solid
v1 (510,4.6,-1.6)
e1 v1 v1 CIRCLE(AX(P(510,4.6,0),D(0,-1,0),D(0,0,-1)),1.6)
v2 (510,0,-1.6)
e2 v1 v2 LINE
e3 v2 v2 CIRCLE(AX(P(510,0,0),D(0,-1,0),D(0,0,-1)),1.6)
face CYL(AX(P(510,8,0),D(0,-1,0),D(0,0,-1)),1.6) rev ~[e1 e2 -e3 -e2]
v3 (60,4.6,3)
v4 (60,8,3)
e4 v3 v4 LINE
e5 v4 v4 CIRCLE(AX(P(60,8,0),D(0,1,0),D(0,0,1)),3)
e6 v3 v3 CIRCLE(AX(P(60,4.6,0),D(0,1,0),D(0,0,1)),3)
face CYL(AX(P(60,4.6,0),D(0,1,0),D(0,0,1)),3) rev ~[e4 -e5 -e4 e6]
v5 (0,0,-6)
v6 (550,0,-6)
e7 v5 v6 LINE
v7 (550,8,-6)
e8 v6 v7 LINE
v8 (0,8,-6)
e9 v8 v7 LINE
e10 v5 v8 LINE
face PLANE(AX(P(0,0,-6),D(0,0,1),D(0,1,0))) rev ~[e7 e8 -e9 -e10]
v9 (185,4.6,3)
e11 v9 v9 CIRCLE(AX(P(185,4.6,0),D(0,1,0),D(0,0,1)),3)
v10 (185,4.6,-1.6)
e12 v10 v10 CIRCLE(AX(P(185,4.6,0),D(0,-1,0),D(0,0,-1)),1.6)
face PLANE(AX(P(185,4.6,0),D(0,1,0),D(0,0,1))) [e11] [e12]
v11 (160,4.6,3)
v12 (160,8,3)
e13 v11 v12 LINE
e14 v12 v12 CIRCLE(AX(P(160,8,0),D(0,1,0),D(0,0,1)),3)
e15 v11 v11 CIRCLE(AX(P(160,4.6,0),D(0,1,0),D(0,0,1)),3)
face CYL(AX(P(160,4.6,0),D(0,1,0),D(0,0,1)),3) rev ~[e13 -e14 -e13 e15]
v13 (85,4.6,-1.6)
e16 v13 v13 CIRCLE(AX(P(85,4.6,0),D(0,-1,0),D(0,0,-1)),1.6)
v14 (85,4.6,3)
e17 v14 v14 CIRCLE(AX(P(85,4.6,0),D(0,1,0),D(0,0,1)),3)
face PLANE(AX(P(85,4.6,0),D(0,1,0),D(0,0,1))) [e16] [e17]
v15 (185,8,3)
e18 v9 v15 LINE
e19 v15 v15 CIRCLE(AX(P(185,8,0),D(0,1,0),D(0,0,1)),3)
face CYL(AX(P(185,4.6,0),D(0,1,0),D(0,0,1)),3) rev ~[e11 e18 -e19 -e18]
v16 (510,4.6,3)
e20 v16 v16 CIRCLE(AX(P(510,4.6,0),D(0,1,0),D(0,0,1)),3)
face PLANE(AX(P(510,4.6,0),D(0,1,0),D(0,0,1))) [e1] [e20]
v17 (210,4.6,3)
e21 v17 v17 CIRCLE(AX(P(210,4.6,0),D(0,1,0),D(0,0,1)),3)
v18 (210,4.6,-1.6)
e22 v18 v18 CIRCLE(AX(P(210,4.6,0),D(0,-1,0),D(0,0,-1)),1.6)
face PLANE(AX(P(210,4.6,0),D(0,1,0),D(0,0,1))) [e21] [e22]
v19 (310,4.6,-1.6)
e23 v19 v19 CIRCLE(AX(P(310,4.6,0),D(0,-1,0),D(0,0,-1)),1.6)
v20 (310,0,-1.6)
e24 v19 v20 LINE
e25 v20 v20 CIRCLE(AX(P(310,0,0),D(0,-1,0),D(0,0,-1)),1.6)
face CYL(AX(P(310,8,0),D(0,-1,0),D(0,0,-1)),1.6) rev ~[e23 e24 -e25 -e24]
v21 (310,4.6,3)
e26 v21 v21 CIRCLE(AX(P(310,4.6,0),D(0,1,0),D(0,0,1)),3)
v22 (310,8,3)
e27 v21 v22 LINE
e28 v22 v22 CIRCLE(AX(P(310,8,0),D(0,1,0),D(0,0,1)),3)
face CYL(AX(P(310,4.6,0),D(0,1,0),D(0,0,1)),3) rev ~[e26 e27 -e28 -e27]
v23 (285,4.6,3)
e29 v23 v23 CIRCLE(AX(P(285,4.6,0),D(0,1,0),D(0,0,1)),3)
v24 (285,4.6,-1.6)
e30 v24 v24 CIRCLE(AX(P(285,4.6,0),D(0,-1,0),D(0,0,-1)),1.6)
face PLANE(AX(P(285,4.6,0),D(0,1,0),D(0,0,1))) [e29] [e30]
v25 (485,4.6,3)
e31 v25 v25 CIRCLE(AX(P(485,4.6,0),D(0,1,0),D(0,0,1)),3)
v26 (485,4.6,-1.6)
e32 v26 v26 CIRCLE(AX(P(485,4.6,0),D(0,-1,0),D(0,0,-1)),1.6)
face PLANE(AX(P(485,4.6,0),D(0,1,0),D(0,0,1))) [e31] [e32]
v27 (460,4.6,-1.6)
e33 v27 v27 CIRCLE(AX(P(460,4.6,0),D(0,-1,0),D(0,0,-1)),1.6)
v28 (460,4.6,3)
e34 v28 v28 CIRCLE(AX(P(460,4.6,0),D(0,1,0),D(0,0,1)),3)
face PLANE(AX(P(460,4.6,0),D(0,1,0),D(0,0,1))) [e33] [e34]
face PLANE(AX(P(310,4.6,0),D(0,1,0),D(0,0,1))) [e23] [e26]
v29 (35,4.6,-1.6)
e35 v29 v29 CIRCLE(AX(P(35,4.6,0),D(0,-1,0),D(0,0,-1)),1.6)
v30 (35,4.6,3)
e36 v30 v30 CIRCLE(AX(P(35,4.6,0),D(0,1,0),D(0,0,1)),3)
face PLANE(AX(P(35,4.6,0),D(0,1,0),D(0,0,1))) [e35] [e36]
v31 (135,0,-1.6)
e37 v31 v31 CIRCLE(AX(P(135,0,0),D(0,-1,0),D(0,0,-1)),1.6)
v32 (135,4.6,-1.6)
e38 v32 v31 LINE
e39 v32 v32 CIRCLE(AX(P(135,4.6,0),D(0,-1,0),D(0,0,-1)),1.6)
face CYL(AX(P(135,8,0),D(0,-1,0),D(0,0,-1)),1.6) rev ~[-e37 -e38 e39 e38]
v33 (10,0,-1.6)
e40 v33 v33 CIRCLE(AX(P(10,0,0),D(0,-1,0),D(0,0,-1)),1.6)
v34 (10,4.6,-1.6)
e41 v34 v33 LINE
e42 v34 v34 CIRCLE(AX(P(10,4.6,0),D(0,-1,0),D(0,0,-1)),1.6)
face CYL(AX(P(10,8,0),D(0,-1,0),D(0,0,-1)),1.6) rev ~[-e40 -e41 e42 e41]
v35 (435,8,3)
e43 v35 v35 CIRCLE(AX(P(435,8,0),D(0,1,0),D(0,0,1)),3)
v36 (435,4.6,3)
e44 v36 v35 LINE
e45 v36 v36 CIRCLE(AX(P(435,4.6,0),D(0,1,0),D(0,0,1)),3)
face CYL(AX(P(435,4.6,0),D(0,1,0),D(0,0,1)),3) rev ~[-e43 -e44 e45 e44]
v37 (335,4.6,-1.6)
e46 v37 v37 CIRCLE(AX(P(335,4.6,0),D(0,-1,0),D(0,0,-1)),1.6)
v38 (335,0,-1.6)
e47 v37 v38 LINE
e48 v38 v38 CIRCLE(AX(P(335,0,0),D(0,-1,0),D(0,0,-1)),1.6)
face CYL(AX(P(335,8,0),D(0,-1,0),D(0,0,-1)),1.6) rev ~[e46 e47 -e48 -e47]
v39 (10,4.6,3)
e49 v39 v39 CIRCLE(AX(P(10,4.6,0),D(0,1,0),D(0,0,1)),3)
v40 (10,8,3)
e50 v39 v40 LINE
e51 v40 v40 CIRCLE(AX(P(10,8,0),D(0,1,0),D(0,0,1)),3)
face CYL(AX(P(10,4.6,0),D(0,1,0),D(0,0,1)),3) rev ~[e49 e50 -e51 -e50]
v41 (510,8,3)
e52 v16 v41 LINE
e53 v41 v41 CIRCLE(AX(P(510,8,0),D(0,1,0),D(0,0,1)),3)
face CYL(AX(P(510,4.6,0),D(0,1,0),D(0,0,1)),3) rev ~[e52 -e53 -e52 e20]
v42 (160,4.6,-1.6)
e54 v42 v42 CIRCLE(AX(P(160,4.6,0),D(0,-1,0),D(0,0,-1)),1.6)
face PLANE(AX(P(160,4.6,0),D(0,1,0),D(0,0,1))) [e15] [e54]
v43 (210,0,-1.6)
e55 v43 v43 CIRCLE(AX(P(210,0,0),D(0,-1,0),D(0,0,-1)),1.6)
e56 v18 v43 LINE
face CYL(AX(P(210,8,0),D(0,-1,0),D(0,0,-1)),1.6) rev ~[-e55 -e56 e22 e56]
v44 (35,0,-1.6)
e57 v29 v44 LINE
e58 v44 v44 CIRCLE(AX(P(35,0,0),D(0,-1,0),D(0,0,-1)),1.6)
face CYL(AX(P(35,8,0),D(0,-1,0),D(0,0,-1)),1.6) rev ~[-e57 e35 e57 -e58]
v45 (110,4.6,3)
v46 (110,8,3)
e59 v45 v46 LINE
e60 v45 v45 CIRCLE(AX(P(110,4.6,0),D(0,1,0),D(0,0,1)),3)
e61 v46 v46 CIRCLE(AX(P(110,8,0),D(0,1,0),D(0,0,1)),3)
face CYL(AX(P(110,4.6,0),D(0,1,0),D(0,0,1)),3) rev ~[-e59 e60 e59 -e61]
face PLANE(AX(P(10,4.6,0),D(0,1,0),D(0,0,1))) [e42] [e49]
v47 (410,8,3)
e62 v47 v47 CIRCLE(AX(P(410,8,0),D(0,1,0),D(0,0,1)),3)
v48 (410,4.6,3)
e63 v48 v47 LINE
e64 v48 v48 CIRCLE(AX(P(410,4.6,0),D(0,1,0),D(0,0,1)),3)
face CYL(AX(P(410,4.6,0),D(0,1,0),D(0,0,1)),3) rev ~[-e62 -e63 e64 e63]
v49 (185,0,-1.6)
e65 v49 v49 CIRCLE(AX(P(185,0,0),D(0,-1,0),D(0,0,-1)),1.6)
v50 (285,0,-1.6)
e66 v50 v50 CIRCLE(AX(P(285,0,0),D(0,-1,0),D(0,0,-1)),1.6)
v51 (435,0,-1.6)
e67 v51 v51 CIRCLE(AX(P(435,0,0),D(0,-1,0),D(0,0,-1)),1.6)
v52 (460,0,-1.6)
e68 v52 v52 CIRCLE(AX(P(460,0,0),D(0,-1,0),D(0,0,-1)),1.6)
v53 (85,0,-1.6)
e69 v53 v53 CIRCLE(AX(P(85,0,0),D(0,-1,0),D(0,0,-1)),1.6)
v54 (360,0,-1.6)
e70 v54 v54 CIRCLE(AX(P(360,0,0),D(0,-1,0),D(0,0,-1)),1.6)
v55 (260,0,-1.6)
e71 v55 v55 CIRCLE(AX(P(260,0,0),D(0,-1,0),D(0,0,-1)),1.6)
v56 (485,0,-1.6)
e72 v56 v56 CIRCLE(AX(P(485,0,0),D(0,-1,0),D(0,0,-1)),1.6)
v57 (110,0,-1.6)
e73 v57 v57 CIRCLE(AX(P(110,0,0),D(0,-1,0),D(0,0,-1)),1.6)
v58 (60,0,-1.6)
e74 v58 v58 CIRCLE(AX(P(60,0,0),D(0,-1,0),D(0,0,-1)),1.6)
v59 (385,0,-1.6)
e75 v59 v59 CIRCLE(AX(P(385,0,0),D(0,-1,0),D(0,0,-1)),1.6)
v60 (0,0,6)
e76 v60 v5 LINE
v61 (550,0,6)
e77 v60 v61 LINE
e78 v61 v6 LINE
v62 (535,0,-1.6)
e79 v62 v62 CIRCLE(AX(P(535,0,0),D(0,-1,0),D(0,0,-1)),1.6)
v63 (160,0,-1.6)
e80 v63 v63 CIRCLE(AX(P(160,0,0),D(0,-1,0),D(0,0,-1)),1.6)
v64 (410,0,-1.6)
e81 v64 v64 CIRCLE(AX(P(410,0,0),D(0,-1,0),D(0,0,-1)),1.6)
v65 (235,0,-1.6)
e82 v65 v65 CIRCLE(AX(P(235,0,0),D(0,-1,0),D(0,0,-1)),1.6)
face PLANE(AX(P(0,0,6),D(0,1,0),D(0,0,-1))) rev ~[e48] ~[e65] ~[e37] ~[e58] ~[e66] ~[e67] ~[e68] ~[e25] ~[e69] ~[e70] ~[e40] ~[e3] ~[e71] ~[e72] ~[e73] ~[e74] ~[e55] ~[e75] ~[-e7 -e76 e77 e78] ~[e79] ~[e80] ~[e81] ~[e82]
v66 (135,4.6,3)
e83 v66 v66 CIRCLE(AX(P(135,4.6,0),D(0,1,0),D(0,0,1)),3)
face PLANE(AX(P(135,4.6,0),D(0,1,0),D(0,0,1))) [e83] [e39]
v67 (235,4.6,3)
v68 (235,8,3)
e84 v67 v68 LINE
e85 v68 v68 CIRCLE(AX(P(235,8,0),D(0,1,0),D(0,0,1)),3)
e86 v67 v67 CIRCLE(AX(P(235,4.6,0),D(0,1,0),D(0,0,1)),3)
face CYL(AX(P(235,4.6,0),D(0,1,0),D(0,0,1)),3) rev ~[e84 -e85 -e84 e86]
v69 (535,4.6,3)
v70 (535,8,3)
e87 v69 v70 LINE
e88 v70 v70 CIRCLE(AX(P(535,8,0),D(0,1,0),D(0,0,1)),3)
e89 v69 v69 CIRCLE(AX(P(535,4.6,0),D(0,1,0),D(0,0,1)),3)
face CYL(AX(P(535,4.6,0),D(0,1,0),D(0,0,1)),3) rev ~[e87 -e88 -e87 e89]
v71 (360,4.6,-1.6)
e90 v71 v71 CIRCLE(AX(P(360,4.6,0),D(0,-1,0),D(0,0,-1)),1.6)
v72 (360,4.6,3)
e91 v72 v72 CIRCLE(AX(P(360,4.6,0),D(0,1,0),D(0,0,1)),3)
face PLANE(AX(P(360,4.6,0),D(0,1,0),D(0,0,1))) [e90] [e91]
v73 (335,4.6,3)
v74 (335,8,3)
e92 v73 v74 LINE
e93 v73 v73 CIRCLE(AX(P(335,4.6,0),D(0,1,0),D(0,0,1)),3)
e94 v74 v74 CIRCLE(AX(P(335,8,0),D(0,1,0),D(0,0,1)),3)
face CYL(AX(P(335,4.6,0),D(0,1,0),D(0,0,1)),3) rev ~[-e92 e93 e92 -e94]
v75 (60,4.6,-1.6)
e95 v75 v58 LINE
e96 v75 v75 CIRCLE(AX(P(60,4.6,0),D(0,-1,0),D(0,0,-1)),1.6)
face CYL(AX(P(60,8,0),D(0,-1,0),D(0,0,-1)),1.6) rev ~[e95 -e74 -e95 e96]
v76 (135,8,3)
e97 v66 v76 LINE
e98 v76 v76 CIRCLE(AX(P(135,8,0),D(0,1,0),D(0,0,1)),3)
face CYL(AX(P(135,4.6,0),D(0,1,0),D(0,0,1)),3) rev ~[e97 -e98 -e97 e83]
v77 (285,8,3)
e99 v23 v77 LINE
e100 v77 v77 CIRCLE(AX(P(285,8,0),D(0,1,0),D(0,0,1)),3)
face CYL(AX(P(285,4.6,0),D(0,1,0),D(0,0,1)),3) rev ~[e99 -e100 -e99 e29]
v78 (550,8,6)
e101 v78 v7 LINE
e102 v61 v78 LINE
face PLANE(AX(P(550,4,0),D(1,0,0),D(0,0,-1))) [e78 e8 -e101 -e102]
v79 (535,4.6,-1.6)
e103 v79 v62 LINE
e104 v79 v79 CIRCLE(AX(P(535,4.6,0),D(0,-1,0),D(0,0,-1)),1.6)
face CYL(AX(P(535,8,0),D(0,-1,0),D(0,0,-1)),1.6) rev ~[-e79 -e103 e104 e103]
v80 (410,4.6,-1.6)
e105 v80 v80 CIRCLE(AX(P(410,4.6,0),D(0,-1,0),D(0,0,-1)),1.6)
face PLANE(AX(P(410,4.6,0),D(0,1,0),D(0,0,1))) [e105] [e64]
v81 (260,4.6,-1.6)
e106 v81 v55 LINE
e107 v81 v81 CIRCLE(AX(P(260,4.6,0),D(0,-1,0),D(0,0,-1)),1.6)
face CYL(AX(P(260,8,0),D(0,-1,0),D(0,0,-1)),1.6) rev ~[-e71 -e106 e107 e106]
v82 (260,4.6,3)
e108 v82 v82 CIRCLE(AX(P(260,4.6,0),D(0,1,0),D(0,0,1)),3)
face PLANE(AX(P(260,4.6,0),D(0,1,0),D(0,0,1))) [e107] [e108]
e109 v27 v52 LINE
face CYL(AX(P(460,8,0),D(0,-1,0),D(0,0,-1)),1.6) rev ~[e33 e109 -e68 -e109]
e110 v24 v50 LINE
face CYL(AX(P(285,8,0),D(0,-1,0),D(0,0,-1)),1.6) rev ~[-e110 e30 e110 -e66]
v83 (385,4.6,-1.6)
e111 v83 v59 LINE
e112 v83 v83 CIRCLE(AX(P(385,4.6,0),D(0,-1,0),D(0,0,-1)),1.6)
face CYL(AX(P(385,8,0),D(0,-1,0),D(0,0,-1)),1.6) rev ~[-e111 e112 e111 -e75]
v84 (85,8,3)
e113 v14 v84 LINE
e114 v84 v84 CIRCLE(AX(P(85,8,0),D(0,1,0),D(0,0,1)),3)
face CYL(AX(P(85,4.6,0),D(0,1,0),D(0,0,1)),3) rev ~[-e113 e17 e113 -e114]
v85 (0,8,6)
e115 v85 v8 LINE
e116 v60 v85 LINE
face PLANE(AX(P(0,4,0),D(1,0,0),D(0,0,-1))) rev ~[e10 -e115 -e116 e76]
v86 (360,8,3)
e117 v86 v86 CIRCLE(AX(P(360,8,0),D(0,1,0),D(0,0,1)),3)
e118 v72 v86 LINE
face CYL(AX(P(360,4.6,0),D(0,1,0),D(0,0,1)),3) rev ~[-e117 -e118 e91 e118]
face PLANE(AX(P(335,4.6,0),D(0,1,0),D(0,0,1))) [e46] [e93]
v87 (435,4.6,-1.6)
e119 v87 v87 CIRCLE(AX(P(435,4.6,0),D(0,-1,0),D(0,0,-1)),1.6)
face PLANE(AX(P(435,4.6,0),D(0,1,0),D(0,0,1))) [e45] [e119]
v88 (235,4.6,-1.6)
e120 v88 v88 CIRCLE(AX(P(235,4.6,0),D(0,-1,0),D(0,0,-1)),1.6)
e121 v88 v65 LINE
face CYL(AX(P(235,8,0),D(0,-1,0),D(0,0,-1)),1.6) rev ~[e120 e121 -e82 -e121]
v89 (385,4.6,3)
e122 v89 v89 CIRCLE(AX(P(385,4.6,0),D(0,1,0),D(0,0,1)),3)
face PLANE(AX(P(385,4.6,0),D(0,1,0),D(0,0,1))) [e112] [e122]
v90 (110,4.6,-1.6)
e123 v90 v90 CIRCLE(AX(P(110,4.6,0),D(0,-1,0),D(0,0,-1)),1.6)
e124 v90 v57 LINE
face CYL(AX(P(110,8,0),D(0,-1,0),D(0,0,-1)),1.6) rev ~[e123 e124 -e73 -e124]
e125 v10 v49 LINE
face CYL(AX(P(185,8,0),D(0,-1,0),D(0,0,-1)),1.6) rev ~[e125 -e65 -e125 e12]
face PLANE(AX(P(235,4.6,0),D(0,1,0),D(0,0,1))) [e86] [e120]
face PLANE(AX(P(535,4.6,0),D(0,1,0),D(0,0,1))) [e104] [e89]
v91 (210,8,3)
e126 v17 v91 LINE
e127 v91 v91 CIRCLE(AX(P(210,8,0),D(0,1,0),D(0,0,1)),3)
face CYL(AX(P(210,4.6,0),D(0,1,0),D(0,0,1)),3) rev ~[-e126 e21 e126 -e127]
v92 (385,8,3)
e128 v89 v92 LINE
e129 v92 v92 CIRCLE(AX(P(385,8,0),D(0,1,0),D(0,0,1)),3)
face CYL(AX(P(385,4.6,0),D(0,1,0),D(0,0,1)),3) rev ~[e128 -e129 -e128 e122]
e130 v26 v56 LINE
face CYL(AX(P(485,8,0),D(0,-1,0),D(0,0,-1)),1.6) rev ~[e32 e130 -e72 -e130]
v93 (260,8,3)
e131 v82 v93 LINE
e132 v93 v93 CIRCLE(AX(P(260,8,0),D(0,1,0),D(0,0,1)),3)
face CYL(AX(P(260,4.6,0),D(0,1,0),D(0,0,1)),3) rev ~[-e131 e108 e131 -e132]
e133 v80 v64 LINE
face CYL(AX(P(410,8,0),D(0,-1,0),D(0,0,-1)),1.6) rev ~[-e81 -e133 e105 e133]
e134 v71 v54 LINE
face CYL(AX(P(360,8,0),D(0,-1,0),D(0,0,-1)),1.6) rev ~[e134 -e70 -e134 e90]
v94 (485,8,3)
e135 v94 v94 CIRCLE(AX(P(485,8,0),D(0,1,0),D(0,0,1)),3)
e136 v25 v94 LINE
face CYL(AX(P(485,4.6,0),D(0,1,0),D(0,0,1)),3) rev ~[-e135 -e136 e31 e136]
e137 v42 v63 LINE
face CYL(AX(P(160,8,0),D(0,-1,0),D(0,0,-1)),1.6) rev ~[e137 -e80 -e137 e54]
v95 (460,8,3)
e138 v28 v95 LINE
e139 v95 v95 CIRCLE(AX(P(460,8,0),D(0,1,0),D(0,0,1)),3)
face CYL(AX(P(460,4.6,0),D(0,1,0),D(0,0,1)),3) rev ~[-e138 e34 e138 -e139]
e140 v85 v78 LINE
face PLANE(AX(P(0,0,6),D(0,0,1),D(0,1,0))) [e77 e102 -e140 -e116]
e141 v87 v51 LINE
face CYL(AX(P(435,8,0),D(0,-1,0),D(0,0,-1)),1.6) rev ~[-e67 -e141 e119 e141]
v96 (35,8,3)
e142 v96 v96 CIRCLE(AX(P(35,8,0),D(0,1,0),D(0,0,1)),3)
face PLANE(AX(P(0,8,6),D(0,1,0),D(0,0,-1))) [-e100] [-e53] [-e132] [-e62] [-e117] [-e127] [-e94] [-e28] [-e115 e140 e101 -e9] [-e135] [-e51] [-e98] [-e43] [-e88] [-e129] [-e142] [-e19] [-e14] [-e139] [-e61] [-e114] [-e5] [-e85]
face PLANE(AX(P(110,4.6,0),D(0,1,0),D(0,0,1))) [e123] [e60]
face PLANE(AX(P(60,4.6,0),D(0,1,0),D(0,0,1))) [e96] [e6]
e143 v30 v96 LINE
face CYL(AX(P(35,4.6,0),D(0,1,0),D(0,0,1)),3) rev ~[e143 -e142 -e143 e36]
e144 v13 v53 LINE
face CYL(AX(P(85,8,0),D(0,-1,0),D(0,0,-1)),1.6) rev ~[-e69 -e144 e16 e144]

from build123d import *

# Parameters (mm, degrees)
SKETCH_1_W                   = 12
SKETCH_1_H                   = 8
EXTRUDE_1_DEPTH              = 550
HOLE_WIZARD_M3_1_D           = 3.2
HOLE_WIZARD_M3_1_CBORE_D     = 6
HOLE_WIZARD_M3_1_CBORE_DEPTH = 3.4
PATTERN_LINEAR_1_COUNT       = 22
PATTERN_LINEAR_1_PITCH       = 25


with BuildPart() as part:
    # 草圖1 → 伸長1 (new body)
    with BuildSketch(Plane(origin=(0, 0, 0), x_dir=(0, 0, -1), z_dir=(1, 0, 0))):
        with Locations((0, 4)):
            Rectangle(SKETCH_1_W, SKETCH_1_H)
    extrude(amount=EXTRUDE_1_DEPTH)

    # M3 內六角圓柱頭螺釘的柱孔1 (through all)
    with Locations(Plane(origin=(10, 8, 0), x_dir=(0, 0, 1), z_dir=(0, 1, 0))):
        with Locations((0, 0)):
            hole_wizard_m3_1 = CounterBoreHole(HOLE_WIZARD_M3_1_D / 2, HOLE_WIZARD_M3_1_CBORE_D / 2, HOLE_WIZARD_M3_1_CBORE_DEPTH)

    # 直線複製排列1: M3 內六角圓柱頭螺釘的柱孔1 ×22
    with Locations(*[(i * PATTERN_LINEAR_1_PITCH, 0, 0) for i in range(1, PATTERN_LINEAR_1_COUNT)]):
        add(hole_wizard_m3_1, mode=Mode.SUBTRACT)


solid = part.part
